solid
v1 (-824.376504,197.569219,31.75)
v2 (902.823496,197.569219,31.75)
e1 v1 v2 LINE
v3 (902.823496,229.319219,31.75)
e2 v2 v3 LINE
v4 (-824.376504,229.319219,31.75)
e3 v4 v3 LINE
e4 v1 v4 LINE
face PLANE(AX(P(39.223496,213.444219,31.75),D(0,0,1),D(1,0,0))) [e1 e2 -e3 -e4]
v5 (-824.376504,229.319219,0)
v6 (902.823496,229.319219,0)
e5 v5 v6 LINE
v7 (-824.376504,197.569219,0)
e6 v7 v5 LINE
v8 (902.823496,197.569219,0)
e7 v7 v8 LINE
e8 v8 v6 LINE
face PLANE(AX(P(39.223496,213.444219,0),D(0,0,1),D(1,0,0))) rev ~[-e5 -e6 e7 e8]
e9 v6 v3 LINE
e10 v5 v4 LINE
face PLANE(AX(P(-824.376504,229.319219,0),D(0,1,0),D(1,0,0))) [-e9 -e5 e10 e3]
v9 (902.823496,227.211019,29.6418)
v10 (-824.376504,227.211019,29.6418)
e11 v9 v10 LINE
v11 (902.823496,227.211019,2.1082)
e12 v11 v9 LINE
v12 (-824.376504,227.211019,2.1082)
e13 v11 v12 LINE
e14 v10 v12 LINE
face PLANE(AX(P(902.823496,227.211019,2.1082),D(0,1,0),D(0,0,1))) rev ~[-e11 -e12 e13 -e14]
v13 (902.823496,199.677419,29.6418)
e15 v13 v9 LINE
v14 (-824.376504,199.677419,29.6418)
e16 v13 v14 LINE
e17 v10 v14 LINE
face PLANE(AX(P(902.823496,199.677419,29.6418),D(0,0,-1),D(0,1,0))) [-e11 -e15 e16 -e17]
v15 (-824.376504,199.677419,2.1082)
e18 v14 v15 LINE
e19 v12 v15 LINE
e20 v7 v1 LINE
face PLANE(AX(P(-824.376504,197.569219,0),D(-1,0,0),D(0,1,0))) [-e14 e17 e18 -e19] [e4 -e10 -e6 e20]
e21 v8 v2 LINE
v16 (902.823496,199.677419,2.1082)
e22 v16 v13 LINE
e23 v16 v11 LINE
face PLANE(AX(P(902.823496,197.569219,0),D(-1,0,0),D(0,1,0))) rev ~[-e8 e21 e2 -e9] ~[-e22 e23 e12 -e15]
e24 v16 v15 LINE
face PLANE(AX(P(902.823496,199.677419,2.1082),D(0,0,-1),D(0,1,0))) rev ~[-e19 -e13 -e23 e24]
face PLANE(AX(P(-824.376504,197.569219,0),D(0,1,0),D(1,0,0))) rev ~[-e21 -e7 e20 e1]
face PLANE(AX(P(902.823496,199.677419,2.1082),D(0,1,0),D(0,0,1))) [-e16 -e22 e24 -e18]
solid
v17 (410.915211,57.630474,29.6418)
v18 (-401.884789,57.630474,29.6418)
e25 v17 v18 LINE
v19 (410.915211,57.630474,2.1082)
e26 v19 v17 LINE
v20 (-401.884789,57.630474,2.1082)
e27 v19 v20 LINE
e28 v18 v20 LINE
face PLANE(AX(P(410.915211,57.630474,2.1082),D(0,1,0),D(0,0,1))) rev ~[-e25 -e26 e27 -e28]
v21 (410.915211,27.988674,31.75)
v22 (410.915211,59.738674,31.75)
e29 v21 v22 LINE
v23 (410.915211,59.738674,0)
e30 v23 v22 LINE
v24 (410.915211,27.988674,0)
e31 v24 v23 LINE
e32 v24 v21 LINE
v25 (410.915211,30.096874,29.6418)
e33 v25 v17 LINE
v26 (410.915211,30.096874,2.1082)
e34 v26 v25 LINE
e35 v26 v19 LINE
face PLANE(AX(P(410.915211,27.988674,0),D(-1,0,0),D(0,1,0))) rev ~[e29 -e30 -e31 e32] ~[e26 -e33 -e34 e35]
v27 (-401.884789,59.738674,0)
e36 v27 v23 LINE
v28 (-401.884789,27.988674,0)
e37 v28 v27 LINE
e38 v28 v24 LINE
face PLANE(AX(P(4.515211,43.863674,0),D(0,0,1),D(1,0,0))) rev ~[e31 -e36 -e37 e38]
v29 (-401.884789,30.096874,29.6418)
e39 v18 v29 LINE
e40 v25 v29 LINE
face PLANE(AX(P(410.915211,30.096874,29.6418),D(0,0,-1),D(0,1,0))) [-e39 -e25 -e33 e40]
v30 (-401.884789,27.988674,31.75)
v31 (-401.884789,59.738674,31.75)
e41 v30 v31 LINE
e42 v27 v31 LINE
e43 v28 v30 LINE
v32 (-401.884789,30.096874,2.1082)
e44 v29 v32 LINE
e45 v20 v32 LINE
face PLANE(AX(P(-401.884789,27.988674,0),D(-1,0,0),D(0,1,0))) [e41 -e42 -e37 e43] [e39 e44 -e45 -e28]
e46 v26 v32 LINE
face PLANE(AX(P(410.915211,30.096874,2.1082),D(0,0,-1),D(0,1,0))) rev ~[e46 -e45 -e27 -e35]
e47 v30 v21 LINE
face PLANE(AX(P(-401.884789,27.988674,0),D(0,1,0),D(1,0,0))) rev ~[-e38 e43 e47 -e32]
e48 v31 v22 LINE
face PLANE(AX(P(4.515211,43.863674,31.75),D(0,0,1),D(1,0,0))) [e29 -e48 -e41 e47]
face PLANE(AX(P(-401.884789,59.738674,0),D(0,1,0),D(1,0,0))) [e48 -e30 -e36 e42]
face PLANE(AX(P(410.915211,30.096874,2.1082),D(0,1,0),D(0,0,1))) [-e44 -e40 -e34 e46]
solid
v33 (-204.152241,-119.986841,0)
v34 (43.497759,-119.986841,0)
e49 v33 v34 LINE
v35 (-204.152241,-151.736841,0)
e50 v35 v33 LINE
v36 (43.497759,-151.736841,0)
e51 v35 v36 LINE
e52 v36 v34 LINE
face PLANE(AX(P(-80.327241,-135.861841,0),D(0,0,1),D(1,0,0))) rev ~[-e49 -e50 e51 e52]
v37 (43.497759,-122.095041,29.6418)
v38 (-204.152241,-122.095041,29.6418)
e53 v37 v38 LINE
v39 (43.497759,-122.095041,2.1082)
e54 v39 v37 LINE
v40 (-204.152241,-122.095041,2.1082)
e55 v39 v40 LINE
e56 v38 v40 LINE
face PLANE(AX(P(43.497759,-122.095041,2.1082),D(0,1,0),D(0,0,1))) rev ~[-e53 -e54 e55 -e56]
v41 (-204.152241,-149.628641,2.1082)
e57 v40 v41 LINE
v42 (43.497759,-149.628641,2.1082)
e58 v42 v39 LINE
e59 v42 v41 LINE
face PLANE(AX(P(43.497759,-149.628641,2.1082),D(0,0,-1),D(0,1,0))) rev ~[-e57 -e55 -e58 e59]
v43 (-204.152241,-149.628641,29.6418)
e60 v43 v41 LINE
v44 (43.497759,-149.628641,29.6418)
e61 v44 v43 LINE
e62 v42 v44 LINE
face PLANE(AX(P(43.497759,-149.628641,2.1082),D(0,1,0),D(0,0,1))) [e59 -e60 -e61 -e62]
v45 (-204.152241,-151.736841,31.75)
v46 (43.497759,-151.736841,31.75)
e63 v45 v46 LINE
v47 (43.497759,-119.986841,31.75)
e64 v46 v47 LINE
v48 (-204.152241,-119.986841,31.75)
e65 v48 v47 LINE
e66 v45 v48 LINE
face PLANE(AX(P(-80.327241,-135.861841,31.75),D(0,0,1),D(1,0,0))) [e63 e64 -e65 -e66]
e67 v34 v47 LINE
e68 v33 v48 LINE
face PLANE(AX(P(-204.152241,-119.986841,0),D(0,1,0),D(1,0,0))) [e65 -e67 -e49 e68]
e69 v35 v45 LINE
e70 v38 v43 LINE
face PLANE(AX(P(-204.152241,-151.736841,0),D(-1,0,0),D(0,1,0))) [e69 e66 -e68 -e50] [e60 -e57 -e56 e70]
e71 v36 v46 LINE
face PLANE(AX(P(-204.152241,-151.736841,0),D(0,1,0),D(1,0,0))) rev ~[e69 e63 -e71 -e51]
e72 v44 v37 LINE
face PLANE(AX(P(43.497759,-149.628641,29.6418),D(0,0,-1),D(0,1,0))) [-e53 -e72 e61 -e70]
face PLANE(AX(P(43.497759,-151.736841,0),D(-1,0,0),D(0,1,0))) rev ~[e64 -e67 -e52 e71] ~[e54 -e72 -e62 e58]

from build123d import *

# Parameters (mm, degrees)
F0_W     = 812.8
F0_H     = 31.75
F1_DEPTH = 31.75
F2_W     = 27.5336
F2_H     = 27.5336
F3_DEPTH = 855.472
F0_W_2   = 1727.2
F4_DEPTH = 31.75
F5_W     = 27.5336
F5_H     = 27.5336
F6_DEPTH = 1783.08
F0_W_3   = 247.65
F7_DEPTH = 31.75
F8_W     = 27.5336
F8_H     = 27.5336
F9_DEPTH = 254


with BuildPart() as f1:
    # F0 (on Top) → F1 (new body)
    with BuildSketch(Plane.XY):
        with Locations((4.515211, 43.863674)):
            Rectangle(F0_W, F0_H)
    extrude(amount=F1_DEPTH)

    # F2 (on face) → F3 (cut)
    with BuildSketch(Plane.YZ.offset(410.915211)):
        with Locations((43.863674, 15.875)):
            Rectangle(F2_W, F2_H)
    extrude(amount=-F3_DEPTH, mode=Mode.SUBTRACT)


with BuildPart() as f4:
    # F0 (on Top) → F4 (new body)
    with BuildSketch(Plane.XY):
        with Locations((39.223496, 213.444219)):
            Rectangle(F0_W_2, F0_H)
    extrude(amount=F4_DEPTH)

    # F5 (on face) → F6 (cut)
    with BuildSketch(Plane.YZ.offset(902.823496)):
        with Locations((213.444219, 15.875)):
            Rectangle(F5_W, F5_H)
    extrude(amount=-F6_DEPTH, mode=Mode.SUBTRACT)


with BuildPart() as f7:
    # F0 (on Top) → F7 (new body)
    with BuildSketch(Plane.XY):
        with Locations((-80.327241, -135.861841)):
            Rectangle(F0_W_3, F0_H)
    extrude(amount=F7_DEPTH)

    # F8 (on face) → F9 (cut)
    with BuildSketch(Plane.YZ.offset(43.497759)):
        with Locations((-135.861841, 15.875)):
            Rectangle(F8_W, F8_H)
    extrude(amount=-F9_DEPTH, mode=Mode.SUBTRACT)


solid = Compound([f1.part, f4.part, f7.part])
